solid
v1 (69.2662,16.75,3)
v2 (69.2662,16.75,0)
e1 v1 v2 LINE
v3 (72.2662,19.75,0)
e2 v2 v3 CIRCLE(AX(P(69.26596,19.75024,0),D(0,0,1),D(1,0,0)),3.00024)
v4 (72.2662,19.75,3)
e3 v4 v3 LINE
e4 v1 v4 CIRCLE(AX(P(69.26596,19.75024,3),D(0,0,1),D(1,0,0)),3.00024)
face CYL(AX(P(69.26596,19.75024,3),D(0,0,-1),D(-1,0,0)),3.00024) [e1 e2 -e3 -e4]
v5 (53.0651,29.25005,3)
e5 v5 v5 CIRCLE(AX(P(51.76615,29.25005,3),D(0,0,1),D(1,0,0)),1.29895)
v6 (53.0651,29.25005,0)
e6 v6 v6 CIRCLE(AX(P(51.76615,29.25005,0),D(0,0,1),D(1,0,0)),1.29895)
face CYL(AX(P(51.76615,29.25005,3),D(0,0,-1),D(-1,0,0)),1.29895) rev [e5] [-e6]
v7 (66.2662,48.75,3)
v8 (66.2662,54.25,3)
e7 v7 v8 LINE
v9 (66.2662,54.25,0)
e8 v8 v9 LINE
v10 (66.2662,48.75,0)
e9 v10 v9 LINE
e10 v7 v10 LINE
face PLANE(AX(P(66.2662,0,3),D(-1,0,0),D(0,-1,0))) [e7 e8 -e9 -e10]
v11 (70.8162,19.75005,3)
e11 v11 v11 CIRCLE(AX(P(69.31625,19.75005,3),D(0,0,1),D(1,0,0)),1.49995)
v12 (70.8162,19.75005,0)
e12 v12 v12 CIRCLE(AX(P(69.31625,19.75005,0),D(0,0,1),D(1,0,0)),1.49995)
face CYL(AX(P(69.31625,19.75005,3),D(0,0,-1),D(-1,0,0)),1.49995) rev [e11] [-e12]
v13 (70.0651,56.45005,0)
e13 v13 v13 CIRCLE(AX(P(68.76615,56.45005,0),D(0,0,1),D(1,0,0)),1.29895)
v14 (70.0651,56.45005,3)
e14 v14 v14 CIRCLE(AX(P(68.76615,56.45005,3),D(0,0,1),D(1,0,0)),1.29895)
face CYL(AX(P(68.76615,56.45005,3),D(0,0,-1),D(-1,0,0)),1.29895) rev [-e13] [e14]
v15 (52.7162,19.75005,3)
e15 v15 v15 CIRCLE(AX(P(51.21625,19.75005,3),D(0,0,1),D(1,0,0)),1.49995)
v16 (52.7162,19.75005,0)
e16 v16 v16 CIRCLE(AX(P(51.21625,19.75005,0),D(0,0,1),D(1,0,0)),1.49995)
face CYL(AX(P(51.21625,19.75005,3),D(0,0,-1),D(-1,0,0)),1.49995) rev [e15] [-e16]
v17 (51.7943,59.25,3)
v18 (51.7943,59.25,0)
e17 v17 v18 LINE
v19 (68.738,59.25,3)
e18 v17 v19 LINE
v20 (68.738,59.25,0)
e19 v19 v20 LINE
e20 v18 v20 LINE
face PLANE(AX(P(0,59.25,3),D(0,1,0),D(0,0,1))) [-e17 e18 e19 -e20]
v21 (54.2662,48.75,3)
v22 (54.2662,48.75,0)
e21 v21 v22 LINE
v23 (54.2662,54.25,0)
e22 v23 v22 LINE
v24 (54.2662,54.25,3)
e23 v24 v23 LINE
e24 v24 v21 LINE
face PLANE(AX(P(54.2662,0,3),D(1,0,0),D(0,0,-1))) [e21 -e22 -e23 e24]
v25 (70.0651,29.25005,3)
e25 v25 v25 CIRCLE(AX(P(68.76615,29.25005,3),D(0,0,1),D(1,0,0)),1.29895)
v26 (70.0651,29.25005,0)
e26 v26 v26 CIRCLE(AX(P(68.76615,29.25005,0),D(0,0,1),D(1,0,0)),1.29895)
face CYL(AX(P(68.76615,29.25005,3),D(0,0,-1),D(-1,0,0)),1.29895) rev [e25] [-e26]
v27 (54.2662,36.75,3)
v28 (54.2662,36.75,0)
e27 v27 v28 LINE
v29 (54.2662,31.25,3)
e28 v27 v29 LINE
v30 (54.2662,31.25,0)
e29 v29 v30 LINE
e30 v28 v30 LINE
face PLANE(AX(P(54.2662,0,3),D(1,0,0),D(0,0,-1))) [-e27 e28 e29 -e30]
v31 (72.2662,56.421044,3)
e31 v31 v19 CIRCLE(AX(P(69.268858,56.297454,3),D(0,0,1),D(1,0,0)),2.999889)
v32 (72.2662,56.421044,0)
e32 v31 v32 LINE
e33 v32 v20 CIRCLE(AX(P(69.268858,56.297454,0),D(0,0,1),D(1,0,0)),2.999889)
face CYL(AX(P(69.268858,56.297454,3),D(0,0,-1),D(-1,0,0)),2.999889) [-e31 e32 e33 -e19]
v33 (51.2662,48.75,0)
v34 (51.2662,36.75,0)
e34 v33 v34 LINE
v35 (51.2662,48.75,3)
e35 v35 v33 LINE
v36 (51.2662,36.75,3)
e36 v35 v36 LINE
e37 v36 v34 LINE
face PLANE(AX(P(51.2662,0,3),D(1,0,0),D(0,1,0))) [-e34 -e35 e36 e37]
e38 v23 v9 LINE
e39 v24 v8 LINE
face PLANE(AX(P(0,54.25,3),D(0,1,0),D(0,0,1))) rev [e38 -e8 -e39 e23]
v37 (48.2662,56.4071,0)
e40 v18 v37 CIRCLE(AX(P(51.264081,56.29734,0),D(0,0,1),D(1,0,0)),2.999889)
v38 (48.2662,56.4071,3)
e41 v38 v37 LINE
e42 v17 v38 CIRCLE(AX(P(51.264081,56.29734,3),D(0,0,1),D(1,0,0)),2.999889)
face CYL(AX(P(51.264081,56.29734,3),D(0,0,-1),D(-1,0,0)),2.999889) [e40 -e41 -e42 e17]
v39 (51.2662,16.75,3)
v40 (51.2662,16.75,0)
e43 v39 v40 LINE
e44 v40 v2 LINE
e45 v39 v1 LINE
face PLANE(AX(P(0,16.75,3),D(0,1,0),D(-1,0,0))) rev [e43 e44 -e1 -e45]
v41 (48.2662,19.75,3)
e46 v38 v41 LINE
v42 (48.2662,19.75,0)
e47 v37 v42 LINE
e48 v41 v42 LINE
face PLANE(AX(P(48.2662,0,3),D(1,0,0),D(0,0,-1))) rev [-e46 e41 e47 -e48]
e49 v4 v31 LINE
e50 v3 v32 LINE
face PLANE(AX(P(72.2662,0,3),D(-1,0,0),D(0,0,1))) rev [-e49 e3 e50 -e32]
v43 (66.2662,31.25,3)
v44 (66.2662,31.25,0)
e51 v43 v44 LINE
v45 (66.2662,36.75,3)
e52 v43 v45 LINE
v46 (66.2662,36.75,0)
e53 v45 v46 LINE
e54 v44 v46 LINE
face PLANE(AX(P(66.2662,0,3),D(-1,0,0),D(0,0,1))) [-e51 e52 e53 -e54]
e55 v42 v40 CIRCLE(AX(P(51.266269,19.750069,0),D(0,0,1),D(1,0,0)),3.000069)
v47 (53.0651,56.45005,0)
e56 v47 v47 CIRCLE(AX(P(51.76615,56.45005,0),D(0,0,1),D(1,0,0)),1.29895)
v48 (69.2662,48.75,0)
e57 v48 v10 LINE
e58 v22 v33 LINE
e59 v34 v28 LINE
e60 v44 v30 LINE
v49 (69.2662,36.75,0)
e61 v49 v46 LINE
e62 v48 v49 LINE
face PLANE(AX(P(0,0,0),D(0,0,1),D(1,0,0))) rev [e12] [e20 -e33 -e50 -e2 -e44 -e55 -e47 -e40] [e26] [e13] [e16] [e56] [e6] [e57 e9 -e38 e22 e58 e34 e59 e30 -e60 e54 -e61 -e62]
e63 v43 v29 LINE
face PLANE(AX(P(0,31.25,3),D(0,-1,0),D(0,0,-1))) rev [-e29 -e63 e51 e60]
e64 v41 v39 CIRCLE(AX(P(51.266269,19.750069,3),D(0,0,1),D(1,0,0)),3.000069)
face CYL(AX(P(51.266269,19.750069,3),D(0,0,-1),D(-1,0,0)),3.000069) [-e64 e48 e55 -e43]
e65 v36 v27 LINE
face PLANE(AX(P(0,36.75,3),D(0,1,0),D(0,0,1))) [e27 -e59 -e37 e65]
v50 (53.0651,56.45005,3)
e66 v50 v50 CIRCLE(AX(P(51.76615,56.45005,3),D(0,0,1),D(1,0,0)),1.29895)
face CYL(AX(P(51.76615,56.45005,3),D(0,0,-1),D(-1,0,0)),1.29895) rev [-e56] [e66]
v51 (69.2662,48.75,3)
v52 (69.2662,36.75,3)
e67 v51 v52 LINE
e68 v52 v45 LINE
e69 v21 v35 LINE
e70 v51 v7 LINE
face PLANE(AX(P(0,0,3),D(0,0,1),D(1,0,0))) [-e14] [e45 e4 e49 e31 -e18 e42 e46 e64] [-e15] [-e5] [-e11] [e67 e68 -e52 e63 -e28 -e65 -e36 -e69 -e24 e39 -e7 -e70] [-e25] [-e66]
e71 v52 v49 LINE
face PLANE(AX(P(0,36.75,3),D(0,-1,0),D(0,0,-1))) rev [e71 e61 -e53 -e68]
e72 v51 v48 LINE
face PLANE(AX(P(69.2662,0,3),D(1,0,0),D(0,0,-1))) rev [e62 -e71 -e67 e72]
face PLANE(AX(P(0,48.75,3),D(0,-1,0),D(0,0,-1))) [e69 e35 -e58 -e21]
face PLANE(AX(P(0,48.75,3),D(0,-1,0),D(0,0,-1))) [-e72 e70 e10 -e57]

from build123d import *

# Parameters (mm, degrees)
MODEL_R             = 1.298950001
MODEL_R_2           = 1.499950004
BOSS_EXTRUDE1_DEPTH = 3


with BuildPart() as part:
    # Model → Boss-Extrude1 (new body)
    with BuildSketch(Plane.XY):
        with BuildLine():
            Line((72.2662, 46.25), (72.2662, 56.421043711))
            ThreePointArc((72.2662, 56.421043711), (71.145459643, 58.637903109), (68.738, 59.25))
            Line((68.738, 59.25), (51.7943, 59.25))
            ThreePointArc((51.7943, 59.25), (49.381832487, 58.63325007), (48.2662, 56.4071))
            Line((48.2662, 56.4071), (48.2662, 46.25))
            Line((48.2662, 46.25), (48.2662, 19.75))
            ThreePointArc((48.2662, 19.75), (49.144899998, 17.628699998), (51.2662, 16.75))
            Line((51.2662, 16.75), (69.2662, 16.75))
            ThreePointArc((69.2662, 16.75), (71.387450001, 17.628749999), (72.2662, 19.75))
            Line((72.2662, 19.75), (72.2662, 46.25))
        make_face()
        with Locations((51.76615, 56.45005)):
            Circle(MODEL_R, mode=Mode.SUBTRACT)
        with Locations((68.76615, 56.45005)):
            Circle(MODEL_R, mode=Mode.SUBTRACT)
        with Locations((51.76615, 29.25005)):
            Circle(MODEL_R, mode=Mode.SUBTRACT)
        with Locations((68.76615, 29.25005)):
            Circle(MODEL_R, mode=Mode.SUBTRACT)
        with Locations((51.216249997, 19.750049997)):
            Circle(MODEL_R_2, mode=Mode.SUBTRACT)
        with Locations((69.316249997, 19.750049997)):
            Circle(MODEL_R_2, mode=Mode.SUBTRACT)
        Polygon((69.2662, 48.75), (69.2662, 36.75), (66.2662, 36.75), (66.2662, 31.25), (54.2662, 31.25), (54.2662, 36.75), (51.2662, 36.75), (51.2662, 48.75), (54.2662, 48.75), (54.2662, 54.25), (66.2662, 54.25), (66.2662, 48.75), align=None, mode=Mode.SUBTRACT)
    extrude(amount=BOSS_EXTRUDE1_DEPTH)


solid = part.part
